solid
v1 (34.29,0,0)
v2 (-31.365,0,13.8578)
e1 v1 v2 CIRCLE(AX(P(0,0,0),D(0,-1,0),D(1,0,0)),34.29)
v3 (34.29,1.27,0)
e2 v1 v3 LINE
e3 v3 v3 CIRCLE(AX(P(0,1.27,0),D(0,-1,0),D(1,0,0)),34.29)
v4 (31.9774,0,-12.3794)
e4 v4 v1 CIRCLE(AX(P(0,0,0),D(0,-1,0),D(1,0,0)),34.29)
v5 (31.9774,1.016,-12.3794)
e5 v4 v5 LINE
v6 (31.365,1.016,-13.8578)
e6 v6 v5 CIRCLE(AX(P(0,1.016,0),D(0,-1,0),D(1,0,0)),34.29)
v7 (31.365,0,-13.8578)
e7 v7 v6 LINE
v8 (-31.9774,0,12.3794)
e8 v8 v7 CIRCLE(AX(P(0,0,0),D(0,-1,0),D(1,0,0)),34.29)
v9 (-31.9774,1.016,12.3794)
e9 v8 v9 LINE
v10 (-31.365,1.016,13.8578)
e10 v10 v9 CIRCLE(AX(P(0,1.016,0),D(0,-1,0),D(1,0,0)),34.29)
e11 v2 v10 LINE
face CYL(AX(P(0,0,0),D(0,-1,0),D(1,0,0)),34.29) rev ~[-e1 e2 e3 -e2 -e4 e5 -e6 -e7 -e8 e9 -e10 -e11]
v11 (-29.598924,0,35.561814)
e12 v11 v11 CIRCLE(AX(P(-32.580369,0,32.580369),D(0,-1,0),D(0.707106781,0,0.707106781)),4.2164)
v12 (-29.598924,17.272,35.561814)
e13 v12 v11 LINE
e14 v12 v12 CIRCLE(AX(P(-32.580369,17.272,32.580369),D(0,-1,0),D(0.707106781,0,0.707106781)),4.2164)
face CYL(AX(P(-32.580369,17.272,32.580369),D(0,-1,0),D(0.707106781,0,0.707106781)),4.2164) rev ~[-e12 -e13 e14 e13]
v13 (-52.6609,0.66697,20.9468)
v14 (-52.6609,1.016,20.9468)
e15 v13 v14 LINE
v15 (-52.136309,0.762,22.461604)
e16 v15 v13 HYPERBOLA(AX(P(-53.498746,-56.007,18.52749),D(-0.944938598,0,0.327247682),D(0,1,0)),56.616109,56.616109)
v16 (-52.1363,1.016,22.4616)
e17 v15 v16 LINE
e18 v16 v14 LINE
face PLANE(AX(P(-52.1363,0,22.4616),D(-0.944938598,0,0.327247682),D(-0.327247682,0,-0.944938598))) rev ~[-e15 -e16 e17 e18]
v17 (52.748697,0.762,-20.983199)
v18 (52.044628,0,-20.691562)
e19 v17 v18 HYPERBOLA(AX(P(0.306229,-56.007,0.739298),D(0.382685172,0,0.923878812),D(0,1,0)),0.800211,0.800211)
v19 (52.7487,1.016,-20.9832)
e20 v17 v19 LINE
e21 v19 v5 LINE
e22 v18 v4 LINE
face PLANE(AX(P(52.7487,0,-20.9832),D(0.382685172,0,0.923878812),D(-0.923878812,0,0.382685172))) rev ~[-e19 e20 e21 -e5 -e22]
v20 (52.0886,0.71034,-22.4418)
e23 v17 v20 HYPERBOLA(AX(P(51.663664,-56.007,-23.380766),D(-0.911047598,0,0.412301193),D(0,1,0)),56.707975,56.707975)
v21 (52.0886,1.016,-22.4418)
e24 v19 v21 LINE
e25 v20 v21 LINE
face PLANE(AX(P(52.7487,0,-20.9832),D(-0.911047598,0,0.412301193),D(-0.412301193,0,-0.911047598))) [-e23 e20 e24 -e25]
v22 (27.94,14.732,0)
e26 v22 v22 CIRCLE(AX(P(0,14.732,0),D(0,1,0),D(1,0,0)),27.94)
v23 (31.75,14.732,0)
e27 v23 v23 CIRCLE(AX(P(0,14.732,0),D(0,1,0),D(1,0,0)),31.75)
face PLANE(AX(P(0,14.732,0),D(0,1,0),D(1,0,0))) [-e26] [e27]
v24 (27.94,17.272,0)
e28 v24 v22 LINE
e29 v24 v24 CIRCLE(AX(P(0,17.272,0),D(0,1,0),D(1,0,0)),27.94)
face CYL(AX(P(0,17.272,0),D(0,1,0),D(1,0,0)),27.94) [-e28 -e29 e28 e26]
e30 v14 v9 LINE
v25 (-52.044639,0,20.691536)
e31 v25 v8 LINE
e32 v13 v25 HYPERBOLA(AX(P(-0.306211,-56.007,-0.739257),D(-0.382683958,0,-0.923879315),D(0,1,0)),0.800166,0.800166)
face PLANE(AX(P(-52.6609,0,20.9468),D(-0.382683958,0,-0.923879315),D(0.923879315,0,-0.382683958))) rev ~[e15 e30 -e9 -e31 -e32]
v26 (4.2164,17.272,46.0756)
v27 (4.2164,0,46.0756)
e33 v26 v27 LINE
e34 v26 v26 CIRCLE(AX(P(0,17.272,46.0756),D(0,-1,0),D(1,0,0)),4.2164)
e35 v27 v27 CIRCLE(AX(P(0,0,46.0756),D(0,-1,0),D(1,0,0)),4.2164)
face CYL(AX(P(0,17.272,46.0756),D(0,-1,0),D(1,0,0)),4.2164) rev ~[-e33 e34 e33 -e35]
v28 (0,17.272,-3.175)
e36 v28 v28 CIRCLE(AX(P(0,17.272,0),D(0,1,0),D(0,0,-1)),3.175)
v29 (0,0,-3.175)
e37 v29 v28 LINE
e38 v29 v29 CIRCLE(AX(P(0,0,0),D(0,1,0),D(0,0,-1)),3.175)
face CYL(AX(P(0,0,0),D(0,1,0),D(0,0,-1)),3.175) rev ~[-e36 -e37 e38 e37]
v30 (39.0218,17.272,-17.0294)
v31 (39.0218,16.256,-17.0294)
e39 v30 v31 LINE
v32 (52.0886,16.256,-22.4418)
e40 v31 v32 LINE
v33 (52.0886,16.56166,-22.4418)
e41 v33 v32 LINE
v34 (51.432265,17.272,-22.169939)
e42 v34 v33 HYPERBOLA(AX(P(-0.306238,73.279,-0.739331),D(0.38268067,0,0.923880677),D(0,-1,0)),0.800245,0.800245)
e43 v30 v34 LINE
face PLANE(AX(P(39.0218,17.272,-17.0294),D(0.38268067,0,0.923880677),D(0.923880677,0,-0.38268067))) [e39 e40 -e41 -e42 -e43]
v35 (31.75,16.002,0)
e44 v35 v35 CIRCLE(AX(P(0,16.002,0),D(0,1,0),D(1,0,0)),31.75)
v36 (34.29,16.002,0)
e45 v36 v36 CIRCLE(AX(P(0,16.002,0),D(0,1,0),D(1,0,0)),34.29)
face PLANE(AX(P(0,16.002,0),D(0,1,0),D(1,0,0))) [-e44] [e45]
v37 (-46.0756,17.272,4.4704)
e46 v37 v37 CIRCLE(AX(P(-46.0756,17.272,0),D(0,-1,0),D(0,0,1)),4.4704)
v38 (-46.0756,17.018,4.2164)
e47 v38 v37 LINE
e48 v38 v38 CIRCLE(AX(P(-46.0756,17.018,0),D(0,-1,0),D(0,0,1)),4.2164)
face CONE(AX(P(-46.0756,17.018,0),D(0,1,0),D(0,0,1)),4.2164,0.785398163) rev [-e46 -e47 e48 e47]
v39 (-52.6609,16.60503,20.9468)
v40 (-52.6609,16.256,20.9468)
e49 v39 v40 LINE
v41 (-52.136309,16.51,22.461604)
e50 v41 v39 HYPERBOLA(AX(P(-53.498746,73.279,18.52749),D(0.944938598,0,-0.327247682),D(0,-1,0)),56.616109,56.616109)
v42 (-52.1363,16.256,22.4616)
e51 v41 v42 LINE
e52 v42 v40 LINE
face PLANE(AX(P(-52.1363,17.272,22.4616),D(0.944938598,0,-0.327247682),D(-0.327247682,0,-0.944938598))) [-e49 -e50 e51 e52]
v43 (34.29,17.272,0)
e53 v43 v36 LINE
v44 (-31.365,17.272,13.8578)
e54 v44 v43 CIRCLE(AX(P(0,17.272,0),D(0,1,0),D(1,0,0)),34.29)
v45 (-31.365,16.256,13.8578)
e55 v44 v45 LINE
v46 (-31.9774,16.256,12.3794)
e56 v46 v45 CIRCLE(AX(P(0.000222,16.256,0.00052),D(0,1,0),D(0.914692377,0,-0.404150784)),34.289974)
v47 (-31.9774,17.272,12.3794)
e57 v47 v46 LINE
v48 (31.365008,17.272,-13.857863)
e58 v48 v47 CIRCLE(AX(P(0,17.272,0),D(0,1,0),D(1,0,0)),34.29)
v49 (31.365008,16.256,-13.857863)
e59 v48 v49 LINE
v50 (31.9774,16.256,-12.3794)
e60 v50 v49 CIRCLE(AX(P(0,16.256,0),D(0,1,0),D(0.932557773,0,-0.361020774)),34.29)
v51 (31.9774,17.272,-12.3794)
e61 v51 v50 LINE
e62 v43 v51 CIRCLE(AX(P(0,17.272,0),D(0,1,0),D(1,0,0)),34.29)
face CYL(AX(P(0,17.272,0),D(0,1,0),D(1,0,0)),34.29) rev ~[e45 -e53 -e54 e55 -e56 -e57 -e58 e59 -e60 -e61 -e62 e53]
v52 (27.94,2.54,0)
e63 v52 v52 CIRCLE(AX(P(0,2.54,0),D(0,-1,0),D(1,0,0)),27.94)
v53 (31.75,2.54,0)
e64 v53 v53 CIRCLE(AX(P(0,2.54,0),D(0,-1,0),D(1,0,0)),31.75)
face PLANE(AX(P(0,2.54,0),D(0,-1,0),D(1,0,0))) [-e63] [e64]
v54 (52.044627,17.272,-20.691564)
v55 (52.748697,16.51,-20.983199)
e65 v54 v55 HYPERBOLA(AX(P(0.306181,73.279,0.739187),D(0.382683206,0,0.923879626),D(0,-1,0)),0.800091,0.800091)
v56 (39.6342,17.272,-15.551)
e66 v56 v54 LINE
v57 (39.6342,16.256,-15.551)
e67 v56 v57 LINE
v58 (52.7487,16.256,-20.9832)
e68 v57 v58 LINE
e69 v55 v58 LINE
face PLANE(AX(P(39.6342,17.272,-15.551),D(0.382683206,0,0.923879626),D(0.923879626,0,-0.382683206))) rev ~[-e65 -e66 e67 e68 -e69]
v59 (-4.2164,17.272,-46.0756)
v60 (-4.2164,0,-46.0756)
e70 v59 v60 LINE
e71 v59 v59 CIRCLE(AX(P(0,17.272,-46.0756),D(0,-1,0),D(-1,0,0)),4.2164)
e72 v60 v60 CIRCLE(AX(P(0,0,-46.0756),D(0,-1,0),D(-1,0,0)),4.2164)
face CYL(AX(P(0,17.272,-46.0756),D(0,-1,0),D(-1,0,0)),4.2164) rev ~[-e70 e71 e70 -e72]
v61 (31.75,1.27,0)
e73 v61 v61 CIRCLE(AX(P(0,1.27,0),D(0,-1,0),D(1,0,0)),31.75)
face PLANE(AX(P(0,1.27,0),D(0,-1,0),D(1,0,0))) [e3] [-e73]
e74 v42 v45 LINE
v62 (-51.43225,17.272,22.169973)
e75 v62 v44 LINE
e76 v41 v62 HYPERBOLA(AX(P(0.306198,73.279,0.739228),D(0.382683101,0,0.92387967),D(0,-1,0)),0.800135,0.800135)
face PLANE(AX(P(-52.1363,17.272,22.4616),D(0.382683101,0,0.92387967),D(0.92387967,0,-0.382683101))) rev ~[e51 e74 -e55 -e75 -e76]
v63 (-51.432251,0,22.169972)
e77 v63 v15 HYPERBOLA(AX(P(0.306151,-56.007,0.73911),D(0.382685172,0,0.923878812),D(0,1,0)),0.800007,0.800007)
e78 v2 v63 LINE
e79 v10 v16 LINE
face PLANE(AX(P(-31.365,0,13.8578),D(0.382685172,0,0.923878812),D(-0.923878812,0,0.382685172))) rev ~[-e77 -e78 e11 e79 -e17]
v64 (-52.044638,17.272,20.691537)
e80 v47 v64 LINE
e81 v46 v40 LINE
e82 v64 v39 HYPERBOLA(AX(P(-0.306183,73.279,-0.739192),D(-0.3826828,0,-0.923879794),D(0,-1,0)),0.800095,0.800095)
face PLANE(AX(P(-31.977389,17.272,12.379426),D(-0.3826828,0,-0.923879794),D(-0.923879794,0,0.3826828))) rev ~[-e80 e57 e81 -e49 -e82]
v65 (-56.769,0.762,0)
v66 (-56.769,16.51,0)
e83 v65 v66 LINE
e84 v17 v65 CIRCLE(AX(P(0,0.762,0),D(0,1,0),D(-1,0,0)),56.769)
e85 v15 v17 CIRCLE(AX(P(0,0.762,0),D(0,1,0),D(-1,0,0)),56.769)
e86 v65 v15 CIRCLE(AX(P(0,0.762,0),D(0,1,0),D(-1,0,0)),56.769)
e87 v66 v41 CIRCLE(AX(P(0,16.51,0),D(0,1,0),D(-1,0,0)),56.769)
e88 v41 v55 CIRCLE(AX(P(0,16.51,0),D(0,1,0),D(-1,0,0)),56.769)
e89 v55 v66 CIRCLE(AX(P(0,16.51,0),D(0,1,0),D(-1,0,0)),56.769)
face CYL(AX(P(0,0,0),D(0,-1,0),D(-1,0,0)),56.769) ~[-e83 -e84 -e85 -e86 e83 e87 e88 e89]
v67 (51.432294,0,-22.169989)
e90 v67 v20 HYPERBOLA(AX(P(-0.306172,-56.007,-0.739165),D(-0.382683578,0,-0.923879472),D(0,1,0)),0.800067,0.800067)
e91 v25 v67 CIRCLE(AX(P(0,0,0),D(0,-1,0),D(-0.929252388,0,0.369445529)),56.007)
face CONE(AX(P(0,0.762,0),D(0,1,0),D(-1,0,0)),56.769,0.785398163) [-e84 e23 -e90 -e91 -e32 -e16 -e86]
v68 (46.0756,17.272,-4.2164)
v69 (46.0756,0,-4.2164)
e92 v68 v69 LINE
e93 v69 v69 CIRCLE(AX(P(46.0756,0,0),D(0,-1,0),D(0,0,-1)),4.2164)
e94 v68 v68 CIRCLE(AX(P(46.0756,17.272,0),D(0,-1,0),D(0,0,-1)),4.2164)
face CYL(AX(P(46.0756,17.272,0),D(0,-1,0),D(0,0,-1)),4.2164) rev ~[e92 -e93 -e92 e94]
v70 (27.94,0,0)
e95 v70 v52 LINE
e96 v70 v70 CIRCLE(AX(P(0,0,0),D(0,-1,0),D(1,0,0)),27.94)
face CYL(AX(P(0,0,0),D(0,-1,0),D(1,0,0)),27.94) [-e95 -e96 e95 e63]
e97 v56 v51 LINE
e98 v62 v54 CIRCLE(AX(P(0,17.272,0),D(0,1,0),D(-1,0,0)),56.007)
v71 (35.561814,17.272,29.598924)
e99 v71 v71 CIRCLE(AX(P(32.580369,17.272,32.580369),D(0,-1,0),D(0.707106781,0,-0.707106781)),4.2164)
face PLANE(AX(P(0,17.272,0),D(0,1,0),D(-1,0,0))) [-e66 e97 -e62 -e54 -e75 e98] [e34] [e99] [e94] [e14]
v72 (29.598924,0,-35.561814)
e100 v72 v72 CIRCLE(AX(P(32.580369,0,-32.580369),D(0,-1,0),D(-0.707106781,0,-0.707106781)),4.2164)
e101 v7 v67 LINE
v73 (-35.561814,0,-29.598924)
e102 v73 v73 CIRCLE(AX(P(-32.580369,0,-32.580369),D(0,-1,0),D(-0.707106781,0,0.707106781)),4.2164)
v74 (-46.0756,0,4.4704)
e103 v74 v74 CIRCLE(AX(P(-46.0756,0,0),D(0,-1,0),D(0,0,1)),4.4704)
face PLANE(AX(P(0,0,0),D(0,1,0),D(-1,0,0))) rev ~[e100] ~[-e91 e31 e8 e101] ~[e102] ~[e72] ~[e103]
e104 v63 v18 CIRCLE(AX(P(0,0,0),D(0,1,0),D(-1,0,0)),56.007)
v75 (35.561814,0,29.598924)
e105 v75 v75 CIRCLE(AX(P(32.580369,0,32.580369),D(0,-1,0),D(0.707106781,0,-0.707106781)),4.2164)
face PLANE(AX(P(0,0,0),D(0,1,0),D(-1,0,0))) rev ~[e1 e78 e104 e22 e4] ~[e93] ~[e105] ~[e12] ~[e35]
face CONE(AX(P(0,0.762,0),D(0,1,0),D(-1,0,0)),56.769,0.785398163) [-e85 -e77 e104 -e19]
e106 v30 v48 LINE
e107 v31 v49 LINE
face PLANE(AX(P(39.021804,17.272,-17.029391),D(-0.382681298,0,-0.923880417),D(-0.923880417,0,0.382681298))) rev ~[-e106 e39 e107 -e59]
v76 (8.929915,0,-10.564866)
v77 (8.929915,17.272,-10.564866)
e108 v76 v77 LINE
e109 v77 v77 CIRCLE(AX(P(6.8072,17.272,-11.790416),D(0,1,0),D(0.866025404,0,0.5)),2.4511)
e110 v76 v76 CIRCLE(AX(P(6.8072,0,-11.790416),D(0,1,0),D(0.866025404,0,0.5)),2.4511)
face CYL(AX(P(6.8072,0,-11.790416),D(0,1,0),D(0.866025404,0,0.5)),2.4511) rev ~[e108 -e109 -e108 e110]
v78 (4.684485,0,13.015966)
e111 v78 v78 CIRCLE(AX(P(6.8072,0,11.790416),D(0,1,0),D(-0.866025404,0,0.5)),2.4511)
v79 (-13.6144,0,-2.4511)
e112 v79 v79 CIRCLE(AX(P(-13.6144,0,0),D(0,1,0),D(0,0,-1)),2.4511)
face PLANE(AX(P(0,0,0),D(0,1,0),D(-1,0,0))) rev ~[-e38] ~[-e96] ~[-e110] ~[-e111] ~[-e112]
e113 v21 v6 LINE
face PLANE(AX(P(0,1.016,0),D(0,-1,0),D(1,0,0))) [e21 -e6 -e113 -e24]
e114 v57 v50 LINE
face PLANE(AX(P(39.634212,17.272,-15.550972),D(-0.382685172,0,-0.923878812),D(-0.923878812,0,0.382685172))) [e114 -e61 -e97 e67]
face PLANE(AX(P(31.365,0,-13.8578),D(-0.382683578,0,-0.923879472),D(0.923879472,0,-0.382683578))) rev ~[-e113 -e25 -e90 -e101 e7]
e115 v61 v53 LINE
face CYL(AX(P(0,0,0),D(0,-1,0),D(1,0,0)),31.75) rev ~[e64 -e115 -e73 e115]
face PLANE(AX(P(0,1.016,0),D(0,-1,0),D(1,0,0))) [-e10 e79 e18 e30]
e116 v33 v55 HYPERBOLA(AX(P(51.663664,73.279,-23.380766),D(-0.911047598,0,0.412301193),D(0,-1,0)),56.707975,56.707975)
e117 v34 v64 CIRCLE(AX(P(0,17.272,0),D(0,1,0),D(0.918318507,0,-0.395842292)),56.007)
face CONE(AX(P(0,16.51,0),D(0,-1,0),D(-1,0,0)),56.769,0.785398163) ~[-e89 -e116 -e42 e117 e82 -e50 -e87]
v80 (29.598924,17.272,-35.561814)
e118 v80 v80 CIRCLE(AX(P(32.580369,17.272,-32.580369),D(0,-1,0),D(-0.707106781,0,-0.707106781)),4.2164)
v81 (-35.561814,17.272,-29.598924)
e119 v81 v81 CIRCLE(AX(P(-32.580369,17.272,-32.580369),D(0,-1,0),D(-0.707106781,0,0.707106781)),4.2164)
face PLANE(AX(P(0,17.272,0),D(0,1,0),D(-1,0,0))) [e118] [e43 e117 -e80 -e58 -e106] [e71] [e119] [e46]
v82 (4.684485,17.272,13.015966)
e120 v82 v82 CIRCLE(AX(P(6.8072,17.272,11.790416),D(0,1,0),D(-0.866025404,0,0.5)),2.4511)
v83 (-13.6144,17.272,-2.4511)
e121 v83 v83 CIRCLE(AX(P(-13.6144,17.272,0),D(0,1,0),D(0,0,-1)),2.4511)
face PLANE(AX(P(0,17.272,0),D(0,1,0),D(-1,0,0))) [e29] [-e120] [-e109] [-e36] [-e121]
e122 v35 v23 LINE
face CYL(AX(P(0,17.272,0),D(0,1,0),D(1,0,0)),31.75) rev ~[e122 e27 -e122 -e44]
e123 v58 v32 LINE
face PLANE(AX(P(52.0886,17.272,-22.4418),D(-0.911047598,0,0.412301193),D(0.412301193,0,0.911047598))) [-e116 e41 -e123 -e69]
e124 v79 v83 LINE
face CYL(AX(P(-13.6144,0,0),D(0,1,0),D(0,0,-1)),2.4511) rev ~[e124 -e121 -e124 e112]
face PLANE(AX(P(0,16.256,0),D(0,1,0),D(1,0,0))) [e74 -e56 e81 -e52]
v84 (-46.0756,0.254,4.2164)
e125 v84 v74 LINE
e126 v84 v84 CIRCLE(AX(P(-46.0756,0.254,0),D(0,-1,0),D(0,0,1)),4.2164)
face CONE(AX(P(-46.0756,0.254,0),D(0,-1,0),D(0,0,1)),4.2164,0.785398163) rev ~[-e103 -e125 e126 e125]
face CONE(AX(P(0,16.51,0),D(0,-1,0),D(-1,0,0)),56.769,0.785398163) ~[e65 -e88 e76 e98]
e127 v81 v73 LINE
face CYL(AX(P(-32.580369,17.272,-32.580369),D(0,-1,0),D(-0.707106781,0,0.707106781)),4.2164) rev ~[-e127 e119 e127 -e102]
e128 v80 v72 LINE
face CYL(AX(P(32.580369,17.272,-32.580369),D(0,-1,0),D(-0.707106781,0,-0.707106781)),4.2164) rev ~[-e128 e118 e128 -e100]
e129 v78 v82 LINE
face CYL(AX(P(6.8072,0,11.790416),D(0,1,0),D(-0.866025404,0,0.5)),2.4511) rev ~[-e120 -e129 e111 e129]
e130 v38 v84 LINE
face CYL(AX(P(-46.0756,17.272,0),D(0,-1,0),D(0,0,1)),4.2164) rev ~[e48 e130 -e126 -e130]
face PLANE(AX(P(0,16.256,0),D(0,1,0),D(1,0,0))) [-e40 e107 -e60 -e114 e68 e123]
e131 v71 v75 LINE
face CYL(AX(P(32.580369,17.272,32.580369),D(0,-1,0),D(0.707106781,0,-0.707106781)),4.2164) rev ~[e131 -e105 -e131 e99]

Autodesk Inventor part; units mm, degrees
ref_plane "YZ Plane" through (0, 0, 0) normal (1, 0, 0) x (0, 1, 0)
ref_plane "XZ Plane" through (0, 0, 0) normal (0, 1, 0) x (-1, 0, 0)
ref_plane "XY Plane" through (0, 0, 0) normal (0, 0, 1) x (1, 0, 0)
sketch "Sketch1" plane through (0, 0, 0) normal (0, 1, 0) x (-1, 0, 0)
  circle A0 centre (0, 0) radius 56.769
  circle A1 centre (0, 0) radius 46.0756
  circle A2 centre (0, 0) radius 31.75
  dimension "d0" = 113.538
  dimension "d1" = 92.1512
  dimension "d2" = 63.5
extrude "Extrusion1" add sketch "Sketch1" along normal blind 17.272 contours A0 | A1 | A2
sketch "Sketch2" plane through (0, 17.272, 0) normal (0, 1, 0) x (1, 0, 0)
  circle A0 centre (0, 0) radius 46.0756
  circle A1 centre (-46.0756, 0) radius 4.0894
  dimension "d5" = 92.1512
  dimension "d6" = 8.1788
hole "Hole1" at (-46.0756, 17.272, 0) direction (0, -1, 0) diameter 8.4328 end through all
pattern_circular "Circular Pattern1" count 8 over 360 about axis through (0, 0, 0) along (0, 1, 0) of "Hole1"
sketch "Sketch4" plane through (0, 17.272, 0) normal (0, 1, 0) x (1, 0, 0)
  circle A0 centre (0, 0) radius 14.7993
hole "Hole2" at (0, 17.272, 0) direction (0, -1, 0) diameter 63.5 end through all
sketch "Sketch6" plane through (0, 0, 0) normal (0, 1, 0) x (-1, 0, 0)
  circle A0 centre (0, 0) radius 31.75
  circle A1 centre (0, 0) radius 19.05
extrude "Extrusion3" add sketch "Sketch6" along normal blind 17.272
sketch "Sketch7" plane through (0, 17.272, 0) normal (0, 1, 0) x (1, 0, 0)
  circle A0 centre (0, 0) radius 34.29
  circle A1 centre (0, 0) radius 31.75
  circle A2 centre (0, 0) radius 25.4
  circle A3 centre (0, 0) radius 27.94
  dimension "d35" = 68.58
  dimension "d36" = 63.5
  dimension "d37" = 50.8
  dimension "d38" = 55.88
extrude "Extrusion4" cut sketch "Sketch7" against normal blind 1.27 contours A0
sketch "Sketch9" plane through (0, 17.272, 0) normal (0, 1, 0) x (1, 0, 0)
  circle A0 centre (0, 0) radius 27.94
  circle A1 centre (0, 0) radius 31.75
  dimension "d45" = 55.88
  dimension "d46" = 63.5
extrude "Extrusion6" cut sketch "Sketch9" against normal blind 2.54
chamfer "Chamfer1" distance 0.254 angle 45 1 edges at (-46.0756, 17.272, -4.2164)
chamfer "Chamfer2" distance 0.254 angle 45 1 edges at (-46.0756, 0, -4.2164)
chamfer "Chamfer3" distance 0.762 angle 45 2 edges at (56.769, 17.272, 0) (56.769, 0, 0)
sketch "Sketch10" plane through (0, 17.272, 0) normal (0, 1, 0) x (1, 0, 0)
  circle A0 centre (32.5804, 32.5804) radius 4.2164 projected
  circle A1 centre (46.0756, 0) radius 4.2164 projected
  line L0 (32.5804, 32.5804) -> (46.0756, 0)
  line L1 (46.0756, 0) -> (39.328, 16.2902)
  circle A2 centre (-46.0756, 0) radius 4.4704 projected
  circle A3 centre (-32.5804, -32.5804) radius 4.2164 projected
  line L2 (-46.0756, 0) -> (-32.5804, -32.5804)
  line L3 (39.328, 16.2902) -> (-39.328, -16.2902)
  line L4 (-39.328, -16.2902) -> (52.9444, 21.9303)
  line L5 (-39.328, -16.2902) -> (60.5469, -16.2902) construction
  line L6 (52.9444, 21.9303) -> (-52.9809, -21.9454)
  line L7 (39.328, 16.2902) -> (39.6342, 15.551)
  line L8 (39.6342, 15.551) -> (39.0218, 17.0294)
  line L9 (39.0218, 17.0294) -> (52.0886, 22.4418)
  line L10 (39.0218, 17.0294) -> (53.1652, 17.0294) construction
  line L11 (52.0886, 22.4418) -> (31.2876, 13.8258)
  line L12 (39.6342, 15.551) -> (52.7487, 20.9832)
  circle A4 centre (0, 0) radius 56.769 projected
  line L13 (39.6342, 15.551) -> (53.8292, 15.551) construction
  line L14 (52.7487, 20.9832) -> (52.7487, 20.9832)
  line L15 (52.7487, 20.9832) -> (31.9774, 12.3794)
  circle A5 centre (0, 0) radius 34.29 projected
  line L16 (31.2876, 13.8258) -> (52.0886, 22.4418)
  line L17 (52.0886, 22.4418) -> (52.7487, 20.9832)
  line L18 (52.0886, 22.4418) -> (31.2876, 13.8258)
  point P0 (31.365, 13.8578)
  dimension "d58" = 22.5
  dimension "d59" = 0.8001
  dimension "d60" = 1.6002
  dimension "d61" = 22.5
  dimension "d62" = 22.5
extrude "Extrusion7" cut sketch "Sketch10" against normal blind 1.016 contours L9 L17 L4 L0 | L0 L3 A5 L11 | L4 L17 L12 L0 | L0 L15 A5 L3
sketch "Sketch11" plane through (0, 17.272, 0) normal (0, 1, 0) x (1, 0, 0)
  line L0 (31.365, 13.8578) -> (51.4323, 22.17) projected
  line L1 (52.0446, 20.6916) -> (31.9774, 12.3794) projected
  line L2 (51.4323, 22.17) -> (31.365, 13.8578)
  line L3 (31.365, 13.8578) -> (-52.6609, -20.9468)
  line L4 (52.0446, 20.6916) -> (31.9774, 12.3794)
  circle A0 centre (0, 0) radius 56.769 projected
  line L5 (-52.1363, -22.4616) -> (31.9774, 12.3794)
  line L6 (-52.1363, -22.4616) -> (-52.6609, -20.9468)
  arc A1 (31.365, 13.8578) -> (31.9774, 12.3794) centre (0, 0) ccw projected
  circle A2 centre (0, 0) radius 34.29 projected
  line L7 (-31.365, -13.8578) -> (-31.9774, -12.3794)
  point P0 (-31.365, -13.8578)
extrude "Extrusion8" cut sketch "Sketch11" against normal blind 1.016 contours A1 L5 L6 L3
sketch "Sketch13" plane through (0, 0, 0) normal (0, -1, 0) x (1, 0, 0)
  circle A0 centre (0, 0) radius 27.94
  circle A1 centre (0, 0) radius 31.75
  circle A2 centre (0, 0) radius 34.29
extrude "Extrusion9" cut sketch "Sketch13" against normal blind 2.54 contours A1
extrude "Extrusion10" cut sketch "Sketch13" against normal blind 1.27 contours A2
sketch "Sketch14" plane through (0, 0, 0) normal (0, -1, 0) x (1, 0, 0)
  line L0 (31.365, -13.8578) -> (52.0886, -22.4418) projected
  line L1 (52.7487, -20.9832) -> (31.9774, -12.3794) projected
  line L2 (-52.6609, 20.9468) -> (-31.9774, 12.3794) projected
  line L3 (-31.365, 13.8578) -> (-52.1363, 22.4616) projected
  line L4 (51.4323, -22.17) -> (52.0886, -22.4418) projected
  line L5 (52.0886, -22.4418) -> (31.365, -13.8578)
  arc A0 (52.7487, -20.9832) -> (-52.1363, 22.4616) centre (0, 0) ccw projected
  line L6 (31.9774, -12.3794) -> (52.7487, -20.9832)
  line L7 (52.7487, -20.9832) -> (52.0886, -22.4418)
  circle A1 centre (0, 0) radius 34.29 projected
  line L8 (-31.9774, 12.3794) -> (-31.365, 13.8578)
  circle A2 centre (0, 0) radius 56.769 projected
  line L9 (-52.1363, 22.4616) -> (-52.6609, 20.9468)
extrude "Extrusion11" cut sketch "Sketch14" against normal blind 1.016 contours A1 L1 L7 L0
extrude "Extrusion12" cut sketch "Sketch14" against normal blind 1.016 contours L2 L9 L3 A1
sketch "Sketch15" plane through (0, 0, 0) normal (0, 1, 0) x (-1, 0, 0)
  circle A0 centre (0, 0) radius 19.05
extrude "Extrusion13" add sketch "Sketch15" along normal blind 17.272
sketch "Sketch17" plane through (0, 0, 0) normal (0, -1, 0) x (1, 0, 0)
  circle A0 centre (0, 0) radius 27.94 projected
hole "Hole4" at (0, 0, 0) direction (0, 1, 0) diameter 6.35 end through all
sketch "Sketch18" plane through (0, 0, 0) normal (0, -1, 0) x (1, 0, 0)
  line L0 (0, 0) -> (-13.6144, 0)
  dimension "d103" = 13.6144
hole "Hole5" at (-13.6144, 0, 0) direction (0, 1, 0) diameter 4.9022 end through all
pattern_circular "Circular Pattern5" count 3 over 360 about axis through (0, 161.4933, 0) along (0, -1, 0) of "Hole5"
properties part number "4.5 flange"
